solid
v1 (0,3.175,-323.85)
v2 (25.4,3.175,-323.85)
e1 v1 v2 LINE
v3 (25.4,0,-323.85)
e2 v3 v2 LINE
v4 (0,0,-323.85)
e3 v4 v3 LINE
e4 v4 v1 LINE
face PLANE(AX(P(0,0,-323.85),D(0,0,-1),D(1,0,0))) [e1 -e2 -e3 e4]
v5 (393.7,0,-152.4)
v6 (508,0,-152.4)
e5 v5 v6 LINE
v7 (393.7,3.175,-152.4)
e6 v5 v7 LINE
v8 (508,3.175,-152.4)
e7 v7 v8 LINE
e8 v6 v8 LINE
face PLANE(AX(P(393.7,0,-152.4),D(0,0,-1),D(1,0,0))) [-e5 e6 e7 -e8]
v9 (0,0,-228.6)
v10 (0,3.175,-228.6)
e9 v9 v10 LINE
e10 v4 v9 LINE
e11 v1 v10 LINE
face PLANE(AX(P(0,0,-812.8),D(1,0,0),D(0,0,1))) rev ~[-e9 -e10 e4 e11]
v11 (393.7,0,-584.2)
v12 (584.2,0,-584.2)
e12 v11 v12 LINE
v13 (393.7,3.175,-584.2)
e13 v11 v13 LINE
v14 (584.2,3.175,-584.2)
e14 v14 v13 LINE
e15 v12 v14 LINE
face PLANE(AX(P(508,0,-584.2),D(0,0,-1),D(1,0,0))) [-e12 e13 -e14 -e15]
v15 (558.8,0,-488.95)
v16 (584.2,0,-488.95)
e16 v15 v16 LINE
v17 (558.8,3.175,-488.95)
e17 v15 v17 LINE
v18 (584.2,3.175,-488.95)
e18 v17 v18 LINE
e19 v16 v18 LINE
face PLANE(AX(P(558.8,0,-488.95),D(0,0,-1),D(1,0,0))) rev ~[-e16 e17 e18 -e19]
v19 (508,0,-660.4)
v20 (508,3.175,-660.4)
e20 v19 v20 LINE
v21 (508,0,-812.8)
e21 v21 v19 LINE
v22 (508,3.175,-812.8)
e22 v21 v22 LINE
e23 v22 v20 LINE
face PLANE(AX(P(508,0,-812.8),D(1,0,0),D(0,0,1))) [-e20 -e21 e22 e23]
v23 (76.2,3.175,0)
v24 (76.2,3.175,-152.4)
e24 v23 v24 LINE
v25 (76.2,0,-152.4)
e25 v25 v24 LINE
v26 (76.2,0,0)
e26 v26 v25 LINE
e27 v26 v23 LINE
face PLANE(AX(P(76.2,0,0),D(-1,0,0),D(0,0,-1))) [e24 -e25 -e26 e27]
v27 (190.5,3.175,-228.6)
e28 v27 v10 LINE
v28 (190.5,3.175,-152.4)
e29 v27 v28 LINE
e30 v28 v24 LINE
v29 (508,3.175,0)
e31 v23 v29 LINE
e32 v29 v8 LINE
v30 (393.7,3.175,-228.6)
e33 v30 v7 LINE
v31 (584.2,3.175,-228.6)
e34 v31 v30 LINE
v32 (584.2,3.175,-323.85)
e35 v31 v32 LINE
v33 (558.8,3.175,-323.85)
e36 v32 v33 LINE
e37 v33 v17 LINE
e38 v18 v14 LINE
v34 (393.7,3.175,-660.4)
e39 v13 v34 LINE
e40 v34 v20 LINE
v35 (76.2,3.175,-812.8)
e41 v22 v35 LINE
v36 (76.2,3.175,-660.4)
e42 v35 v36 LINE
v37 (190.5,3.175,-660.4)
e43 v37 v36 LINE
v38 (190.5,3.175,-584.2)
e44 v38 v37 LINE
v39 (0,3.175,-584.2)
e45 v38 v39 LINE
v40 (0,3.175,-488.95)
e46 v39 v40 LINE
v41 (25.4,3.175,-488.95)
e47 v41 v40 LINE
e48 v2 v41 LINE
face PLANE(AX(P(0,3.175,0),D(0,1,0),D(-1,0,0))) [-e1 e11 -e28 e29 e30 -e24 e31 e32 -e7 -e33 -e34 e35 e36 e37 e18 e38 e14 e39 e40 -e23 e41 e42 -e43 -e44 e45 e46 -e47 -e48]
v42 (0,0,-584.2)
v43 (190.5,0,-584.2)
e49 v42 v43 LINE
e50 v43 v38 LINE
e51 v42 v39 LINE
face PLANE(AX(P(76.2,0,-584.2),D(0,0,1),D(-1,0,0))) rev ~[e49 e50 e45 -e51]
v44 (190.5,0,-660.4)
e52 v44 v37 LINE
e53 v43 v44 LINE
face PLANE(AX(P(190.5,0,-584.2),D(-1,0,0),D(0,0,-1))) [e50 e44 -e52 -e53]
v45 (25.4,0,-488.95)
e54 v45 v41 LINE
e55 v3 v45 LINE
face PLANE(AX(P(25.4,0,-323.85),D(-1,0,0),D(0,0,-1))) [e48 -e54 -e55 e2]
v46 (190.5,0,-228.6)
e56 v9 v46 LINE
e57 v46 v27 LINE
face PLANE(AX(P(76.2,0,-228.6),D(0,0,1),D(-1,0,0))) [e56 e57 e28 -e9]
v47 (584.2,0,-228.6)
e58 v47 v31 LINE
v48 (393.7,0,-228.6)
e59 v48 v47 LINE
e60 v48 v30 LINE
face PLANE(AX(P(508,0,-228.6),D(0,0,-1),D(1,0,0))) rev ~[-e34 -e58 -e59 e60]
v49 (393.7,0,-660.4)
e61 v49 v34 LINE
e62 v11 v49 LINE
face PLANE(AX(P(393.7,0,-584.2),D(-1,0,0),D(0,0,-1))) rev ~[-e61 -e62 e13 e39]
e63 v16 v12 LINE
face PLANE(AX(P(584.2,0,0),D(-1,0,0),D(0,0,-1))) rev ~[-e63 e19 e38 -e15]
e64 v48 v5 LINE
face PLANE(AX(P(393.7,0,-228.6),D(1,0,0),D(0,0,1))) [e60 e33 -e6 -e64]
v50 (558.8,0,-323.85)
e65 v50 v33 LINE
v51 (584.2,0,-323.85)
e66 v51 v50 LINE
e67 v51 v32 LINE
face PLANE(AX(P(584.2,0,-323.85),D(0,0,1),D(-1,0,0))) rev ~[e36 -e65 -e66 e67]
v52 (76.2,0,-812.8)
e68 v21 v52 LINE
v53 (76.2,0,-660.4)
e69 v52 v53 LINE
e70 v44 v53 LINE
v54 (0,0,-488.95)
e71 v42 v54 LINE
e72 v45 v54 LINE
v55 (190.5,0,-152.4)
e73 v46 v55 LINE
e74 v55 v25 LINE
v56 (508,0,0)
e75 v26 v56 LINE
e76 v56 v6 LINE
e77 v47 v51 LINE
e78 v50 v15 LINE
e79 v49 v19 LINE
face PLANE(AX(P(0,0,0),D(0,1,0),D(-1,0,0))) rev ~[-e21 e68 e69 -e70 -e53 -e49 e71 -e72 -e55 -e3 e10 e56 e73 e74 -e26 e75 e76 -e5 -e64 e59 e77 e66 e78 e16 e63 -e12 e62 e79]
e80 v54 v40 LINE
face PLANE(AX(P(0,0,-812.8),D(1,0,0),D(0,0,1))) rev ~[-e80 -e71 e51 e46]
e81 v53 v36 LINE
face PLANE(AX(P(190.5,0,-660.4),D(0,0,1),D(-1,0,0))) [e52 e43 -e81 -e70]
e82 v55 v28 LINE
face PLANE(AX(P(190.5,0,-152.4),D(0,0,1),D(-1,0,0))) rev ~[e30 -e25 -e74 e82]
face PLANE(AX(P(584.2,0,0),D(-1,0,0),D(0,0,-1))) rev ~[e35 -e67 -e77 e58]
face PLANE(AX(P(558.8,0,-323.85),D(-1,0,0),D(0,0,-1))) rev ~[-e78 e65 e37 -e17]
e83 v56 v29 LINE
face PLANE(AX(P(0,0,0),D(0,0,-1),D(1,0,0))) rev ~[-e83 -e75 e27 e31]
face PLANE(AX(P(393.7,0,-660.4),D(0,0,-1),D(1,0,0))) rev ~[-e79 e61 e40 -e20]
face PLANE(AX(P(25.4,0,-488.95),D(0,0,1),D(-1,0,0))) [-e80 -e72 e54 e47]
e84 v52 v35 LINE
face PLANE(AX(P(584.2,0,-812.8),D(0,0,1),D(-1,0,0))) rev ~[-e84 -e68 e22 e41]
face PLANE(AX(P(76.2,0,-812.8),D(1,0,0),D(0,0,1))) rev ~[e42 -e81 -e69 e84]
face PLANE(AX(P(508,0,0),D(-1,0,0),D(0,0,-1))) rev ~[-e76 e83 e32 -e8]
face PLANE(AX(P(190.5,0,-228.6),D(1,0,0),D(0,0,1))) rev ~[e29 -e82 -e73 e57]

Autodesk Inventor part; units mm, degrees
ref_plane "YZ Plane" through (0, 0, 0) normal (1, 0, 0) x (0, 1, 0)
ref_plane "XZ Plane" through (0, 0, 0) normal (0, 1, 0) x (-1, 0, 0)
ref_plane "XY Plane" through (0, 0, 0) normal (0, 0, 1) x (1, 0, 0)
sketch "Sketch1" plane through (0, 0, 0) normal (0, 1, 0) x (-1, 0, 0)
  line L0 (0, 0) -> (-584.2, 0)
  line L1 (-584.2, 0) -> (-584.2, -812.8)
  line L2 (-584.2, -812.8) -> (0, -812.8)
  line L3 (0, -812.8) -> (0, 0)
  dimension "d0" = 584.2
  dimension "d1" = 812.8
extrude "Extrusion1" add sketch "Sketch1" along normal blind 3.175
sketch "Sketch2" plane through (0, 0, 0) normal (0, -1, 0) x (1, 0, 0)
  line L0 (0, 0) -> (584.2, 0) projected
  line L1 (0, -812.8) -> (0, 0) projected
  line L2 (584.2, -812.8) -> (0, -812.8) projected
  line L3 (584.2, 0) -> (584.2, -812.8) projected
  line L4 (584.2, 0) -> (584.2, -812.8) projected
  line L5 (584.2, -323.85) -> (558.8, -323.85)
  line L6 (558.8, -323.85) -> (558.8, -488.95)
  line L7 (558.8, -488.95) -> (584.2, -488.95)
  line L8 (584.2, -488.95) -> (584.2, -323.85)
  line L9 (0, -812.8) -> (0, 0) projected
  line L10 (0, -323.85) -> (25.4, -323.85)
  line L11 (25.4, -323.85) -> (25.4, -488.95)
  line L12 (25.4, -488.95) -> (0, -488.95)
  line L13 (0, -488.95) -> (0, -323.85)
  line L14 (584.2, 0) -> (508, 0)
  line L15 (508, 0) -> (508, -228.6)
  line L16 (508, -228.6) -> (584.2, -228.6)
  line L17 (584.2, -228.6) -> (584.2, 0)
  line L18 (0, 0) -> (76.2, 0)
  line L19 (76.2, 0) -> (76.2, -228.6)
  line L20 (76.2, -228.6) -> (0, -228.6)
  line L21 (0, -228.6) -> (0, 0)
  line L22 (0, -812.8) -> (76.2, -812.8)
  line L23 (76.2, -812.8) -> (76.2, -584.2)
  line L24 (76.2, -584.2) -> (0, -584.2)
  line L25 (0, -584.2) -> (0, -812.8)
  line L26 (584.2, -812.8) -> (508, -812.8)
  line L27 (508, -812.8) -> (508, -584.2)
  line L28 (508, -584.2) -> (584.2, -584.2)
  line L29 (584.2, -584.2) -> (584.2, -812.8)
  line L30 (508, -228.6) -> (393.7, -228.6)
  line L31 (393.7, -228.6) -> (393.7, -152.4)
  line L32 (393.7, -152.4) -> (508, -152.4)
  line L33 (508, -152.4) -> (508, -228.6)
  line L34 (508, -584.2) -> (393.7, -584.2)
  line L35 (393.7, -584.2) -> (393.7, -660.4)
  line L36 (393.7, -660.4) -> (508, -660.4)
  line L37 (508, -660.4) -> (508, -584.2)
  line L38 (76.2, -584.2) -> (190.5, -584.2)
  line L39 (190.5, -584.2) -> (190.5, -660.4)
  line L40 (190.5, -660.4) -> (76.2, -660.4)
  line L41 (76.2, -660.4) -> (76.2, -584.2)
  line L42 (76.2, -228.6) -> (190.5, -228.6)
  line L43 (190.5, -228.6) -> (190.5, -152.4)
  line L44 (190.5, -152.4) -> (76.2, -152.4)
  line L45 (76.2, -152.4) -> (76.2, -228.6)
  dimension "d4" = 165.1
  dimension "d5" = 165.1
  dimension "d6" = 25.4
  dimension "d7" = 25.4
  dimension "d8" = 323.85
  dimension "d9" = 323.85
  dimension "d10" = 76.2
  dimension "d11" = 228.6
  dimension "d12" = 76.2
  dimension "d13" = 228.6
  dimension "d14" = 76.2
  dimension "d15" = 228.6
  dimension "d16" = 76.2
  dimension "d17" = 228.6
  dimension "d18" = 114.3
  dimension "d19" = 76.2
  dimension "d20" = 114.3
  dimension "d21" = 76.2
  dimension "d22" = 114.3
  dimension "d23" = 76.2
  dimension "d24" = 114.3
  dimension "d25" = 76.2
extrude "Extrusion2" cut sketch "Sketch2" against normal blind 3.175 contours L0 L19 L20 L1 | L0 L3 L16 L15 | L44 L43 L42 L19 | L10 L11 L12 L1 | L15 L30 L31 L32 | L24 L23 L2 L1 | L3 L7 L6 L5 | L38 L39 L40 L23 | L3 L2 L27 L28 | L27 L36 L35 L34
properties part number "polycarb base" material "Polycarbonate, Clear"
